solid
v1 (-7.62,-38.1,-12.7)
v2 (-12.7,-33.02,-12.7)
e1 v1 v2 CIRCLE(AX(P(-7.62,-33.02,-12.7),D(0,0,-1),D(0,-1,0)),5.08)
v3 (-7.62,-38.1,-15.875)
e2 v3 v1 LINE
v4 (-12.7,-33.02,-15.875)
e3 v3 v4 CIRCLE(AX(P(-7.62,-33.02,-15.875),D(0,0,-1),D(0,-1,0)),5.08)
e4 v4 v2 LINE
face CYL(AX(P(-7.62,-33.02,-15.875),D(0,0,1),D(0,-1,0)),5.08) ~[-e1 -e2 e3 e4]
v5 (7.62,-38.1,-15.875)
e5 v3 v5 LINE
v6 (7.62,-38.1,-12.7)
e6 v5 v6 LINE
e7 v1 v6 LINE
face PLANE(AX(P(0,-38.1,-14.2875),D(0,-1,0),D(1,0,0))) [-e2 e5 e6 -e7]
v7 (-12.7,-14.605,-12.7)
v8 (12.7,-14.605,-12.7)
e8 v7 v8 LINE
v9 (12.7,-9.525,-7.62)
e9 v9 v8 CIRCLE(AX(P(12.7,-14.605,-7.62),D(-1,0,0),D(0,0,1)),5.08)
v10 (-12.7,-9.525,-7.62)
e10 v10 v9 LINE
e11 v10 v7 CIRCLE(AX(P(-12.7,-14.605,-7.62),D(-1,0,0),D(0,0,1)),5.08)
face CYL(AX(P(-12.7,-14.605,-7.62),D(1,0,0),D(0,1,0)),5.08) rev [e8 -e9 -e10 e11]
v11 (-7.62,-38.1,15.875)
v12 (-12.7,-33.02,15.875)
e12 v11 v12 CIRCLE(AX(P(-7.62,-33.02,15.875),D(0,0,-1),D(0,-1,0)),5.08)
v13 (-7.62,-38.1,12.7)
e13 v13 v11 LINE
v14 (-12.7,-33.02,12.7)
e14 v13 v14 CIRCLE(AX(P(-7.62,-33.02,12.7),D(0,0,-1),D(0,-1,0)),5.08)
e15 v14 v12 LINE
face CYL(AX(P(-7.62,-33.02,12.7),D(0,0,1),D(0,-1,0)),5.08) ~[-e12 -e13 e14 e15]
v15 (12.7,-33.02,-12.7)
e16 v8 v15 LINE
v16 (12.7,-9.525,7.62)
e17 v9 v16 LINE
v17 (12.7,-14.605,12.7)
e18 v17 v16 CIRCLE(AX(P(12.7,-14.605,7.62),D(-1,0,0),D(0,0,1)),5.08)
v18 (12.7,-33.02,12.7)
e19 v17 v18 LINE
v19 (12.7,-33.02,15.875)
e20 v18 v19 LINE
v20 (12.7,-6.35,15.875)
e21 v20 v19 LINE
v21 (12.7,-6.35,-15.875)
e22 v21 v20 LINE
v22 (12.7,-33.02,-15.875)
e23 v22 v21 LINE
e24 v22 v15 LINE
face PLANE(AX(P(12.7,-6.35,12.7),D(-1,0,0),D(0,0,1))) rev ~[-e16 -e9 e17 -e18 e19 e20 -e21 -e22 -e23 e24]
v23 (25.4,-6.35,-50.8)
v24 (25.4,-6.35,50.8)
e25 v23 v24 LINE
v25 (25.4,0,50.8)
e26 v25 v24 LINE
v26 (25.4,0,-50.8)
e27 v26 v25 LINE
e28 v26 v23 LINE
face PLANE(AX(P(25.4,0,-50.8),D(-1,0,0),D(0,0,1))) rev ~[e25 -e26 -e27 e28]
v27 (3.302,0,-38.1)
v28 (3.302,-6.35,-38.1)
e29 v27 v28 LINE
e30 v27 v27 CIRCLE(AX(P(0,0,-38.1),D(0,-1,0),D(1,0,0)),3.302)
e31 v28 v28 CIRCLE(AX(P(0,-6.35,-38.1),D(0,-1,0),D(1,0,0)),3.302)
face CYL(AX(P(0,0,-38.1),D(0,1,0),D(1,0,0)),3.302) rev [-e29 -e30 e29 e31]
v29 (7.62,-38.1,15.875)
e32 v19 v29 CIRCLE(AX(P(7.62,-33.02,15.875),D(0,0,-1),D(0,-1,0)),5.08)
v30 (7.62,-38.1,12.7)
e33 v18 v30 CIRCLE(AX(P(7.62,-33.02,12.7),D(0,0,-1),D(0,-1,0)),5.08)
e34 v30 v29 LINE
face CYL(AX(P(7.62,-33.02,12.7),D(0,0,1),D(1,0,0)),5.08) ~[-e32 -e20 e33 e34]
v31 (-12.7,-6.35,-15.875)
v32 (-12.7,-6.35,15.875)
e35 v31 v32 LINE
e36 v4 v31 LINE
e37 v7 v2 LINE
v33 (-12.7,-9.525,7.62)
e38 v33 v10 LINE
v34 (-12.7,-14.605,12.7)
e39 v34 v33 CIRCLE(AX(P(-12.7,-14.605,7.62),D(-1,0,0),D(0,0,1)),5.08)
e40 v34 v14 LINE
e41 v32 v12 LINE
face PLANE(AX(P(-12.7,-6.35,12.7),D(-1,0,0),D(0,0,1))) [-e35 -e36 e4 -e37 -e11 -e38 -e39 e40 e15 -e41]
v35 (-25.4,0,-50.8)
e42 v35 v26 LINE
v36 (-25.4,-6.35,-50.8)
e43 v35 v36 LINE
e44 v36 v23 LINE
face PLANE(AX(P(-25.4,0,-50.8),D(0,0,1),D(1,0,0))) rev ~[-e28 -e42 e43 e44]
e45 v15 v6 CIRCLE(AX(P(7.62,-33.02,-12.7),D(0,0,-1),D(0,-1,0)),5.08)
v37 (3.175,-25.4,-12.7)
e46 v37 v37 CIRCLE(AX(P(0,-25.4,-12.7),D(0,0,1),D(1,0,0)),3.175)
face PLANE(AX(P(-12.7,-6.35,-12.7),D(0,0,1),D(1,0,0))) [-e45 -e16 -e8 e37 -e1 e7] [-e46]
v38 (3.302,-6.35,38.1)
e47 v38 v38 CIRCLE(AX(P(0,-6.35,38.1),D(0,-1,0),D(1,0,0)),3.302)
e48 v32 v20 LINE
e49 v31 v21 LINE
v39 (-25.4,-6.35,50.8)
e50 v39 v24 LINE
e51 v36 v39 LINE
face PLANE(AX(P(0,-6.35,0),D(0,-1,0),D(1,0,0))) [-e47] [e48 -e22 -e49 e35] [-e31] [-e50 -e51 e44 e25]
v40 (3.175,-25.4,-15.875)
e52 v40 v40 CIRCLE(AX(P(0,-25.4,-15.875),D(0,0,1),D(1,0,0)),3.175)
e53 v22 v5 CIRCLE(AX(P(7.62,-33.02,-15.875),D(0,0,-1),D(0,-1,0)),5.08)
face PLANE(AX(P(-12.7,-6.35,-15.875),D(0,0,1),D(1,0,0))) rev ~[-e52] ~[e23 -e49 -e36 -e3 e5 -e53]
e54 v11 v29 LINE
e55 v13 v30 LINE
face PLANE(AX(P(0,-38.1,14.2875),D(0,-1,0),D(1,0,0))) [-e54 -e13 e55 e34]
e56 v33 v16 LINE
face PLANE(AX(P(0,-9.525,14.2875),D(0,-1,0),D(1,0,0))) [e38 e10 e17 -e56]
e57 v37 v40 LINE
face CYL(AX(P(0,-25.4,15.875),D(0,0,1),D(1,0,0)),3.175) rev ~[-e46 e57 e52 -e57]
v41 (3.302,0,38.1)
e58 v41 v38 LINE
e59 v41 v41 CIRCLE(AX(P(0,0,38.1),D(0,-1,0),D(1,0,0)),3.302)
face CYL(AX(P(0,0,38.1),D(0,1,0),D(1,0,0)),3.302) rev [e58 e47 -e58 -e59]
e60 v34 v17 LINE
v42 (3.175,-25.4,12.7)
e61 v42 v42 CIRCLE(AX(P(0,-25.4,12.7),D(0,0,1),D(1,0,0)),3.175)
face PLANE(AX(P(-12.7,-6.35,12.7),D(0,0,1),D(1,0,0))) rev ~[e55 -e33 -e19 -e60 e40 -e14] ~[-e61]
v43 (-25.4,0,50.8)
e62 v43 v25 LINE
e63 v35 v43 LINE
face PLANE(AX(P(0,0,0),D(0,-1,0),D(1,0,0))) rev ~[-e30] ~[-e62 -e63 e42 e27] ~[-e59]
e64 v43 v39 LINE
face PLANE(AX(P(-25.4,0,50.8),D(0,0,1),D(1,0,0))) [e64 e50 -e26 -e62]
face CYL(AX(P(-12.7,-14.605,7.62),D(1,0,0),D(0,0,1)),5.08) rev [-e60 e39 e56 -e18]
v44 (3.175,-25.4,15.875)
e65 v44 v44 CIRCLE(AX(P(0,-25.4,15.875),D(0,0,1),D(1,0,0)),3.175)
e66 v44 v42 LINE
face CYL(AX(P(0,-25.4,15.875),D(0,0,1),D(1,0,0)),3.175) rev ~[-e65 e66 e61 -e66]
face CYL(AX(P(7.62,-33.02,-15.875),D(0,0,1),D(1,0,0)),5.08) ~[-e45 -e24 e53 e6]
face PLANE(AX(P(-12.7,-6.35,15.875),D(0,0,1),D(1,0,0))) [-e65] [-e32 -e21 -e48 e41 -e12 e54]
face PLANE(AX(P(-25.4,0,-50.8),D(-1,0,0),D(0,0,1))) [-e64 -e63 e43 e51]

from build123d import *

# Parameters (mm, degrees)
F0_W     = 50.8
F0_H     = 101.6
F0_R     = 3.302
F1_DEPTH = 6.35
F2_W     = 25.4
F2_H     = 3.175
F3_DEPTH = 31.75
F2_H_2   = 25.4
F4_DEPTH = 3.175
F5_R     = 5.08
F6_R     = 5.08
F7_R     = 3.175
F8_DEPTH = 66.676


with BuildPart() as f1:
    # F0 (on Front) → F1 (new body)
    with BuildSketch(Plane.XZ):
        Rectangle(F0_W, F0_H)
        with Locations((0, -38.1)):
            Circle(F0_R, mode=Mode.SUBTRACT)
        with Locations((0, 38.1)):
            Circle(F0_R, mode=Mode.SUBTRACT)
    extrude(amount=F1_DEPTH)

    # F2 (on face) → F3 (join)
    with BuildSketch(Plane.XZ.offset(6.35)):
        with Locations((0, -14.2875)):
            Rectangle(F2_W, F2_H)
        with Locations((0, 14.2875)):
            Rectangle(F2_W, F2_H)
    extrude(amount=F3_DEPTH)

    # F2 (on face) → F4 (join)
    with BuildSketch(Plane.XZ.offset(6.35)):
        with Locations((0, 14.2875)):
            Rectangle(F2_W, F2_H)
        Rectangle(F2_W, F2_H_2)
        with Locations((0, -14.2875)):
            Rectangle(F2_W, F2_H)
    extrude(amount=F4_DEPTH)

    # F5
    f5_edges = [f1.edges().sort_by_distance(p)[0] for p in [
        (0, -9.525, -12.7),
        (0, -9.525, 12.7),
    ]]
    fillet(f5_edges, radius=F5_R)

    # F6
    f6_edges = [f1.edges().sort_by_distance(p)[0] for p in [
        (12.7, -38.1, 14.2875),
        (-12.7, -38.1, 14.2875),
        (12.7, -38.1, -14.2875),
        (-12.7, -38.1, -14.2875),
    ]]
    fillet(f6_edges, radius=F6_R)

    # F7 (on face) → F8 (cut, through all)
    with BuildSketch(Plane.XY.offset(15.875)):
        with Locations((0, -25.4)):
            Circle(F7_R)
    extrude(amount=-F8_DEPTH, mode=Mode.SUBTRACT)


solid = f1.part
